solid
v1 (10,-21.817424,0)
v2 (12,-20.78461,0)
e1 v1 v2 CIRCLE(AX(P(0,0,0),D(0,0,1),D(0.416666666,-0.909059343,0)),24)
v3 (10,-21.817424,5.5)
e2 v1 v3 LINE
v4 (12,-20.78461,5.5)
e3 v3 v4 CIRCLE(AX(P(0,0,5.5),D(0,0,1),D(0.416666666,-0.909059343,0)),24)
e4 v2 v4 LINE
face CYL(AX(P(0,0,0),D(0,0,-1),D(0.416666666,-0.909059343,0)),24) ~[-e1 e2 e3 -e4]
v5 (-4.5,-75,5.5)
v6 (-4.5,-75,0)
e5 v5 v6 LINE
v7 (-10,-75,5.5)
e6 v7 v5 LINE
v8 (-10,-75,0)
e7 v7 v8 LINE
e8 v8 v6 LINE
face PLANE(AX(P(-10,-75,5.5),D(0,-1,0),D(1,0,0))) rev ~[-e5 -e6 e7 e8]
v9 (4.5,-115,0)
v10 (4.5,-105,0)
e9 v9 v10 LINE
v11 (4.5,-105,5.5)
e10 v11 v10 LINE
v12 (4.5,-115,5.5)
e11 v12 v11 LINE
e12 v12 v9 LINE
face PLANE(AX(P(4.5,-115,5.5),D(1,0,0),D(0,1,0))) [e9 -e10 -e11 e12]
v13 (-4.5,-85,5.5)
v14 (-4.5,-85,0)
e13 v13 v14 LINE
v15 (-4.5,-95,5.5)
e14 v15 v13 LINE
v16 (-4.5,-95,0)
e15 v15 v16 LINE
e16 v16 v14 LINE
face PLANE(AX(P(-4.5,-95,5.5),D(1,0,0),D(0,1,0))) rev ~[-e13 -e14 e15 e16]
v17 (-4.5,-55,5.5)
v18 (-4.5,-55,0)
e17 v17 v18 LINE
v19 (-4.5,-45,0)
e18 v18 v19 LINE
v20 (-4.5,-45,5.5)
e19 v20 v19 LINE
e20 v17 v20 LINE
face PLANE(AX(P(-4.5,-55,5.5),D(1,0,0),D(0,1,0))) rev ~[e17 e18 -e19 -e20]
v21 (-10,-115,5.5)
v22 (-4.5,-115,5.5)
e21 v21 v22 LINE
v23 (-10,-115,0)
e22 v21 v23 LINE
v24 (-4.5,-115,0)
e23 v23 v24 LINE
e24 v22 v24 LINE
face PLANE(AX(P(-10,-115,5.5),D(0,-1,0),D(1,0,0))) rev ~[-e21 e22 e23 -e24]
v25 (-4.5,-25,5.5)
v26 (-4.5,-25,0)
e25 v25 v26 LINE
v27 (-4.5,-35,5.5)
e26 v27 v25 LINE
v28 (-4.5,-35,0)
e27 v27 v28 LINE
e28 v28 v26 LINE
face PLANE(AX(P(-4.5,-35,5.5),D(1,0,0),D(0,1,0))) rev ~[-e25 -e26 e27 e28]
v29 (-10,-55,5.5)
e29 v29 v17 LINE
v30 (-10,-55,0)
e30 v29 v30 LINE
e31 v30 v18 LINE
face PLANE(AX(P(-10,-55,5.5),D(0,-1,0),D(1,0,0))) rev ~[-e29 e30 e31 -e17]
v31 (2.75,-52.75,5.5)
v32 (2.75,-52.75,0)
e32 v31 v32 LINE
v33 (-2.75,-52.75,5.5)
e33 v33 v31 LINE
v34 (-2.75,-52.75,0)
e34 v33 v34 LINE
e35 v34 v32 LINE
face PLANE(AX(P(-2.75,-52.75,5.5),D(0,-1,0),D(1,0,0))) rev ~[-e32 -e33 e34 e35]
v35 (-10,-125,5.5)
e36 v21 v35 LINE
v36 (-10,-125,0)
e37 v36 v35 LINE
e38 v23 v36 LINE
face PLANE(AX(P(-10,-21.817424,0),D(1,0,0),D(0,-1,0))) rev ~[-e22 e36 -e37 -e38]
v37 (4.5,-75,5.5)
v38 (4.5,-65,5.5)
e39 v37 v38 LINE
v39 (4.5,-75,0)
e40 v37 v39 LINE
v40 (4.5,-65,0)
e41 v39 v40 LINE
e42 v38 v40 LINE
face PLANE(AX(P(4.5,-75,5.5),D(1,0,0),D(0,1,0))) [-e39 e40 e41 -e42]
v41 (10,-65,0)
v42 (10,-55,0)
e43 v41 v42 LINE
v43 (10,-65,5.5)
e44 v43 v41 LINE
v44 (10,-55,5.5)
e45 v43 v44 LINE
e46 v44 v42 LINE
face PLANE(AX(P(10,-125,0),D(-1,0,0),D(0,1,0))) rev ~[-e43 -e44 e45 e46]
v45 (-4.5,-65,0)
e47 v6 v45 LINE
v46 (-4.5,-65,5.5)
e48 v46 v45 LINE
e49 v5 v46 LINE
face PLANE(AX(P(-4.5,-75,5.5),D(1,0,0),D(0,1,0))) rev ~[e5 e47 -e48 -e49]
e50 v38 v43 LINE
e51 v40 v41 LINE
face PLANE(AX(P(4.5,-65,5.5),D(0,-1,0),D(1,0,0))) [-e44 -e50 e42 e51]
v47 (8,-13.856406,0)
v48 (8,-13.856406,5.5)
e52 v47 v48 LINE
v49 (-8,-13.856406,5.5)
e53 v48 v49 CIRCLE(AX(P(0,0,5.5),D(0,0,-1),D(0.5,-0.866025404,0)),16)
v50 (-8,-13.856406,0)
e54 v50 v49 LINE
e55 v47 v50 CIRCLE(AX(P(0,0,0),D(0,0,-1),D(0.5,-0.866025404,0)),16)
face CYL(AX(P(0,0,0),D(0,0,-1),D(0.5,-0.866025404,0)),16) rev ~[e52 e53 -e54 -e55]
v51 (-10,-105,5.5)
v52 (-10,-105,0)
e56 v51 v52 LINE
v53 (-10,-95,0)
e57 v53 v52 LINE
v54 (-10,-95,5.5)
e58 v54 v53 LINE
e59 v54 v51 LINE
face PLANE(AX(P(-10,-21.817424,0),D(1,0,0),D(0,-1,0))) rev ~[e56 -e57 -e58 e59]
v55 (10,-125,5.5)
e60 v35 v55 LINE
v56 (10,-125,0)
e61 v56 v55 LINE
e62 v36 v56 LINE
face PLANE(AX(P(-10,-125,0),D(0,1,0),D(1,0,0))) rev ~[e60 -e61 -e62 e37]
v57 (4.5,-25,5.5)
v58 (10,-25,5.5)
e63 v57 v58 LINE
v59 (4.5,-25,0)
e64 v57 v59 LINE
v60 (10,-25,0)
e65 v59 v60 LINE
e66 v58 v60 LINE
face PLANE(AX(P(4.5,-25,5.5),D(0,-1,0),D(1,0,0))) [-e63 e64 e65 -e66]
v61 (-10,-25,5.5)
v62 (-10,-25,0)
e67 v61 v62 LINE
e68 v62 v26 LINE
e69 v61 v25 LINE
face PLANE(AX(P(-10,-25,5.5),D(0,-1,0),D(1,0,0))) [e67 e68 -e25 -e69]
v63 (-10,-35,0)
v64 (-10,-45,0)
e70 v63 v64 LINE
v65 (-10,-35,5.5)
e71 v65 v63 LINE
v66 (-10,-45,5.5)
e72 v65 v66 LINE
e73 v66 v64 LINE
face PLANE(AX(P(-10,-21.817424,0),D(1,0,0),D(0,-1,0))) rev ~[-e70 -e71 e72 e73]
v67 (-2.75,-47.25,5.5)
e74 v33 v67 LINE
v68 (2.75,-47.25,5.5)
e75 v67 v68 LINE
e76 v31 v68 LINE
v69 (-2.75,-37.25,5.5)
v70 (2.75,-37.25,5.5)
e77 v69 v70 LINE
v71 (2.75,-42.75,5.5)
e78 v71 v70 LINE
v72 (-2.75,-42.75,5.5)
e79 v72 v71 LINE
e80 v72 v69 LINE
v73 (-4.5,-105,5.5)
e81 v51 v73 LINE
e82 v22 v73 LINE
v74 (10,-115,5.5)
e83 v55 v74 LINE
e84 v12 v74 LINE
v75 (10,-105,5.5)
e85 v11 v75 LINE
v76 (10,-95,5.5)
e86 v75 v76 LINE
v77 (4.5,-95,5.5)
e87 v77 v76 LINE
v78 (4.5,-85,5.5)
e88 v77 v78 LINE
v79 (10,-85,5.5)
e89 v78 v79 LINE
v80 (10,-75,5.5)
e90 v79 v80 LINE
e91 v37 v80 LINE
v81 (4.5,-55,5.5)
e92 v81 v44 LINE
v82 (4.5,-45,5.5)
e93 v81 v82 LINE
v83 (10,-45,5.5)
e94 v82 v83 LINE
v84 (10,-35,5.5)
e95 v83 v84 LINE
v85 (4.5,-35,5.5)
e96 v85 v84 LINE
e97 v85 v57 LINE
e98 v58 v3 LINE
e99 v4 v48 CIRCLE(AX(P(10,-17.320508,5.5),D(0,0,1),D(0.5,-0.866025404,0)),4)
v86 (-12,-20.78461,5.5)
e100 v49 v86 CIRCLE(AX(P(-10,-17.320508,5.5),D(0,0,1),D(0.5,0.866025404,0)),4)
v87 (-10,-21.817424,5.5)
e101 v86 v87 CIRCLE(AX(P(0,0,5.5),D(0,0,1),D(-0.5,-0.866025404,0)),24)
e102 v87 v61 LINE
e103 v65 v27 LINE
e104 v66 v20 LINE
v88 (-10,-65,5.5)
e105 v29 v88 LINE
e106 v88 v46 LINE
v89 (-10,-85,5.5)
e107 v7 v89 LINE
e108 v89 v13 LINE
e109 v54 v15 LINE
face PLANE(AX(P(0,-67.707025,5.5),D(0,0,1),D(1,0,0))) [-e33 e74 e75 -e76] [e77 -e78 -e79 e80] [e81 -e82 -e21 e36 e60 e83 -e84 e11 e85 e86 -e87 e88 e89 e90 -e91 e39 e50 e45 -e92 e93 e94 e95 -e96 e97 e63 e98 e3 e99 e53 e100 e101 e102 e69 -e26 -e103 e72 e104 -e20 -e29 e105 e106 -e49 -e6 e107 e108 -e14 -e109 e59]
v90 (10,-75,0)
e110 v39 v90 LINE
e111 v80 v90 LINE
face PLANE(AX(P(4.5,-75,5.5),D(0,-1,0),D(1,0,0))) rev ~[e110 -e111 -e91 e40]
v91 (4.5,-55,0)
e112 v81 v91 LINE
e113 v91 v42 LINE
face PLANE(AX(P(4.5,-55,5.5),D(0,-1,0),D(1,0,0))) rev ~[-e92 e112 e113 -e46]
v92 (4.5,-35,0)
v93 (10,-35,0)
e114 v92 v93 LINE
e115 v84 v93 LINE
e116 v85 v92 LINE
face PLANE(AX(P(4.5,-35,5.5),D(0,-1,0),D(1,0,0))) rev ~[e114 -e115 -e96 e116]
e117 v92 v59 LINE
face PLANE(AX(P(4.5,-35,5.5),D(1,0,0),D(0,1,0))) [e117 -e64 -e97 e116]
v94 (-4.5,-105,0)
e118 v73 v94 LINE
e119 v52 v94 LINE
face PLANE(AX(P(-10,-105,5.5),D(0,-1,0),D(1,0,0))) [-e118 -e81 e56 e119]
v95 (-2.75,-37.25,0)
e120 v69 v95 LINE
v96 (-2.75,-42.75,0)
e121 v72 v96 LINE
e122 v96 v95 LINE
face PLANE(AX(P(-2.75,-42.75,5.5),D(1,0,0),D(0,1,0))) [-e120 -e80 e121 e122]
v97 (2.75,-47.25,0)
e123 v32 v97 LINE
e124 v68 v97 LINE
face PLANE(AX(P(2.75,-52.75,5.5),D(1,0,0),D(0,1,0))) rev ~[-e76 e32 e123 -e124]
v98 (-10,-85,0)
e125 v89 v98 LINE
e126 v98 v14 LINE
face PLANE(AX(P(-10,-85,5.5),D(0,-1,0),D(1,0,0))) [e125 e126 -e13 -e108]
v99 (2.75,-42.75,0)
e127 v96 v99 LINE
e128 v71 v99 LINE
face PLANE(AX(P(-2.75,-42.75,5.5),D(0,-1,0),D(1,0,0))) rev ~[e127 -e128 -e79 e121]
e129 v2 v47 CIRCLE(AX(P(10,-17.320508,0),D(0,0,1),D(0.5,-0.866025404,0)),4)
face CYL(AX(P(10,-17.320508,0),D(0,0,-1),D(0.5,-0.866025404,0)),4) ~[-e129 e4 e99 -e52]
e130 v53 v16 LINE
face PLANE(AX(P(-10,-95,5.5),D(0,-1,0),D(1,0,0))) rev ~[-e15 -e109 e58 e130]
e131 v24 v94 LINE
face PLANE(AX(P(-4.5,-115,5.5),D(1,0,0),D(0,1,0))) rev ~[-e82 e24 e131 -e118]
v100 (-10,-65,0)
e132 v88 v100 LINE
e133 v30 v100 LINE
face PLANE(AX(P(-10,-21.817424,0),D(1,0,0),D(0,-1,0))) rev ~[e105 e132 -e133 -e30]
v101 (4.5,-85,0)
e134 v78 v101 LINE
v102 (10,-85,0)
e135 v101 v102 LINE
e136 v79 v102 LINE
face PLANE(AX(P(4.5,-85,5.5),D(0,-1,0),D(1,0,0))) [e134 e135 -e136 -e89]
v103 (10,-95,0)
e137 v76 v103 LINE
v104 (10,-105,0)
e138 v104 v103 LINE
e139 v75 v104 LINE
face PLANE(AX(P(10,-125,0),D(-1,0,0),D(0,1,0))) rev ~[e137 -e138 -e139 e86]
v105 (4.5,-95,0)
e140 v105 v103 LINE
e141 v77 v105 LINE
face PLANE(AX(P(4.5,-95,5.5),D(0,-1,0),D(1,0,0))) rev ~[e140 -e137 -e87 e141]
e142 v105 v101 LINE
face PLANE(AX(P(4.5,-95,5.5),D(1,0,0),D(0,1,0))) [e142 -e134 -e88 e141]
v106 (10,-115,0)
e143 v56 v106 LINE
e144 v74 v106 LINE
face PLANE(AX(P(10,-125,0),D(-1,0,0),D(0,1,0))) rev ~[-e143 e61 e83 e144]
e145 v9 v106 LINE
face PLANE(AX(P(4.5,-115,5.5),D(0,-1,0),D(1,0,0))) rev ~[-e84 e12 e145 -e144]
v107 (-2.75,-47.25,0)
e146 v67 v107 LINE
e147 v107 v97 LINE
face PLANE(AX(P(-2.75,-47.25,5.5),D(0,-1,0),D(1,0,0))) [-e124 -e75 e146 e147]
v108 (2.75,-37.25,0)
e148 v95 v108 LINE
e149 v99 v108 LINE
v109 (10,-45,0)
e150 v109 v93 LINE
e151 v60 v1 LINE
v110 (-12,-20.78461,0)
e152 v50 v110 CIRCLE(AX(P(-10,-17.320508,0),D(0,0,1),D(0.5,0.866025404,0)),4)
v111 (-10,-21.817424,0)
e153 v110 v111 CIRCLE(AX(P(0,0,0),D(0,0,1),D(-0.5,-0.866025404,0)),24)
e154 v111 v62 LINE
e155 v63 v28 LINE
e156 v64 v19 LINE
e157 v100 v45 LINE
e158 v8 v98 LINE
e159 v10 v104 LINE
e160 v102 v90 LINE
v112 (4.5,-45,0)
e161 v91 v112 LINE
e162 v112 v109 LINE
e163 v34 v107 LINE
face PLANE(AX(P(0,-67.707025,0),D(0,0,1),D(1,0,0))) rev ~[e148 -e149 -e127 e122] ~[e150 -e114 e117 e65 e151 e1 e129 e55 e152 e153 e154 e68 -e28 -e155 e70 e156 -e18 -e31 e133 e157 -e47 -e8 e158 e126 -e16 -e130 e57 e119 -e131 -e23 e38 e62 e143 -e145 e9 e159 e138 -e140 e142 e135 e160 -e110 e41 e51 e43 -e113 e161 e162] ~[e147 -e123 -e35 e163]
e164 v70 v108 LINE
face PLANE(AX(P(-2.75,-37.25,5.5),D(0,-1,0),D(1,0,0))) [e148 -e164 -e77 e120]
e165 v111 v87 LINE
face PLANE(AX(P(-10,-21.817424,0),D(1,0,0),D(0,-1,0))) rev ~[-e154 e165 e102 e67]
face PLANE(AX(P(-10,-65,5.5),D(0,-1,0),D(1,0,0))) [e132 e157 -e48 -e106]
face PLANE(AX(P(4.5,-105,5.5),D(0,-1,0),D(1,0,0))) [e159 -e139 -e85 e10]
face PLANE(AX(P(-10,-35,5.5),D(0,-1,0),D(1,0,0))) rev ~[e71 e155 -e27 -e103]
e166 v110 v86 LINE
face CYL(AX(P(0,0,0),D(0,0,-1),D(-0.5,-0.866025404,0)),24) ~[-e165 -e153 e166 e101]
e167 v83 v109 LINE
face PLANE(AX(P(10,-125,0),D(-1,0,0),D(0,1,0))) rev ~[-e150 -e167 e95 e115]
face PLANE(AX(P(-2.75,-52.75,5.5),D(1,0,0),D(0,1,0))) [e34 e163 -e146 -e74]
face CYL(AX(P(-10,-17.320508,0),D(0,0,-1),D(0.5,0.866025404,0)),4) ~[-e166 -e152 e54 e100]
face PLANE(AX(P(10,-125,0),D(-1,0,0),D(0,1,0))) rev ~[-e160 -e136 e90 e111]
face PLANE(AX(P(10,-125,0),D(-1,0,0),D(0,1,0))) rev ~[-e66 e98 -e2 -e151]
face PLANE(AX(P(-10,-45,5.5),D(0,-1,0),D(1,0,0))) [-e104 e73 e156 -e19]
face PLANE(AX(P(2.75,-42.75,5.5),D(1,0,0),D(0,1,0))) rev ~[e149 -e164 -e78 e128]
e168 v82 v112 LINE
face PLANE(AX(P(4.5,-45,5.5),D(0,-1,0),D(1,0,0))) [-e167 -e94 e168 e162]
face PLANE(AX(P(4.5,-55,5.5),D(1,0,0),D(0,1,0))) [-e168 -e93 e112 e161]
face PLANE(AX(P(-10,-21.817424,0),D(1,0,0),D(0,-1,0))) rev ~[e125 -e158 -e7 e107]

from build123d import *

# Parameters (mm, degrees)
EXTRUDE_1_DEPTH     = 5.5
SKETCH_2_W          = 5.5
SKETCH_2_H          = 10
CUT_EXTRUDE_1_DEPTH = 126.901747406
SKETCH_5_W          = 5.5
SKETCH_5_H          = 5.5
CUT_EXTRUDE_2_DEPTH = 126.901747406


with BuildPart() as part:
    # ｽｹｯﾁ1 → ﾎﾞｽ - 押し出し1 (new body)
    with BuildSketch(Plane.XY):
        with BuildLine():
            Line((-10, -21.817424229), (-10, -125))
            Line((-10, -125), (10, -125))
            Line((10, -125), (10, -21.817424229))
            ThreePointArc((10, -21.817424229), (11.012114986, -21.324477099), (12, -20.784609691))
            ThreePointArc((12, -20.784609691), (13.464101615, -15.320508076), (8, -13.856406461))
            ThreePointArc((8, -13.856406461), (0, -16), (-8, -13.856406461))
            ThreePointArc((-8, -13.856406461), (-13.464101615, -15.320508076), (-12, -20.784609691))
            ThreePointArc((-12, -20.784609691), (-11.012114986, -21.324477099), (-10, -21.817424229))
        make_face()
    extrude(amount=EXTRUDE_1_DEPTH)

    # ｽｹｯﾁ2 → ｶｯﾄ - 押し出し1 (cut, through all)
    with BuildSketch(Plane.XY.offset(5.5)):
        with Locations((-7.25, -90)):
            Rectangle(SKETCH_2_W, SKETCH_2_H)
        with Locations((-7.25, -110)):
            Rectangle(SKETCH_2_W, SKETCH_2_H)
        with Locations((-7.25, -70)):
            Rectangle(SKETCH_2_W, SKETCH_2_H)
        with Locations((-7.25, -50)):
            Rectangle(SKETCH_2_W, SKETCH_2_H)
        with Locations((-7.25, -30)):
            Rectangle(SKETCH_2_W, SKETCH_2_H)
        with Locations((7.25, -110)):
            Rectangle(SKETCH_2_W, SKETCH_2_H)
        with Locations((7.25, -90)):
            Rectangle(SKETCH_2_W, SKETCH_2_H)
        with Locations((7.25, -70)):
            Rectangle(SKETCH_2_W, SKETCH_2_H)
        with Locations((7.25, -50)):
            Rectangle(SKETCH_2_W, SKETCH_2_H)
        with Locations((7.25, -30)):
            Rectangle(SKETCH_2_W, SKETCH_2_H)
    extrude(amount=-CUT_EXTRUDE_1_DEPTH, mode=Mode.SUBTRACT)

    # ｽｹｯﾁ5 → ｶｯﾄ - 押し出し2 (cut, through all)
    with BuildSketch(Plane.XY.offset(5.5)):
        with Locations((0, -40)):
            Rectangle(SKETCH_5_W, SKETCH_5_H)
        with Locations((0, -50)):
            Rectangle(SKETCH_5_W, SKETCH_5_H)
    extrude(amount=-CUT_EXTRUDE_2_DEPTH, mode=Mode.SUBTRACT)


solid = part.part
